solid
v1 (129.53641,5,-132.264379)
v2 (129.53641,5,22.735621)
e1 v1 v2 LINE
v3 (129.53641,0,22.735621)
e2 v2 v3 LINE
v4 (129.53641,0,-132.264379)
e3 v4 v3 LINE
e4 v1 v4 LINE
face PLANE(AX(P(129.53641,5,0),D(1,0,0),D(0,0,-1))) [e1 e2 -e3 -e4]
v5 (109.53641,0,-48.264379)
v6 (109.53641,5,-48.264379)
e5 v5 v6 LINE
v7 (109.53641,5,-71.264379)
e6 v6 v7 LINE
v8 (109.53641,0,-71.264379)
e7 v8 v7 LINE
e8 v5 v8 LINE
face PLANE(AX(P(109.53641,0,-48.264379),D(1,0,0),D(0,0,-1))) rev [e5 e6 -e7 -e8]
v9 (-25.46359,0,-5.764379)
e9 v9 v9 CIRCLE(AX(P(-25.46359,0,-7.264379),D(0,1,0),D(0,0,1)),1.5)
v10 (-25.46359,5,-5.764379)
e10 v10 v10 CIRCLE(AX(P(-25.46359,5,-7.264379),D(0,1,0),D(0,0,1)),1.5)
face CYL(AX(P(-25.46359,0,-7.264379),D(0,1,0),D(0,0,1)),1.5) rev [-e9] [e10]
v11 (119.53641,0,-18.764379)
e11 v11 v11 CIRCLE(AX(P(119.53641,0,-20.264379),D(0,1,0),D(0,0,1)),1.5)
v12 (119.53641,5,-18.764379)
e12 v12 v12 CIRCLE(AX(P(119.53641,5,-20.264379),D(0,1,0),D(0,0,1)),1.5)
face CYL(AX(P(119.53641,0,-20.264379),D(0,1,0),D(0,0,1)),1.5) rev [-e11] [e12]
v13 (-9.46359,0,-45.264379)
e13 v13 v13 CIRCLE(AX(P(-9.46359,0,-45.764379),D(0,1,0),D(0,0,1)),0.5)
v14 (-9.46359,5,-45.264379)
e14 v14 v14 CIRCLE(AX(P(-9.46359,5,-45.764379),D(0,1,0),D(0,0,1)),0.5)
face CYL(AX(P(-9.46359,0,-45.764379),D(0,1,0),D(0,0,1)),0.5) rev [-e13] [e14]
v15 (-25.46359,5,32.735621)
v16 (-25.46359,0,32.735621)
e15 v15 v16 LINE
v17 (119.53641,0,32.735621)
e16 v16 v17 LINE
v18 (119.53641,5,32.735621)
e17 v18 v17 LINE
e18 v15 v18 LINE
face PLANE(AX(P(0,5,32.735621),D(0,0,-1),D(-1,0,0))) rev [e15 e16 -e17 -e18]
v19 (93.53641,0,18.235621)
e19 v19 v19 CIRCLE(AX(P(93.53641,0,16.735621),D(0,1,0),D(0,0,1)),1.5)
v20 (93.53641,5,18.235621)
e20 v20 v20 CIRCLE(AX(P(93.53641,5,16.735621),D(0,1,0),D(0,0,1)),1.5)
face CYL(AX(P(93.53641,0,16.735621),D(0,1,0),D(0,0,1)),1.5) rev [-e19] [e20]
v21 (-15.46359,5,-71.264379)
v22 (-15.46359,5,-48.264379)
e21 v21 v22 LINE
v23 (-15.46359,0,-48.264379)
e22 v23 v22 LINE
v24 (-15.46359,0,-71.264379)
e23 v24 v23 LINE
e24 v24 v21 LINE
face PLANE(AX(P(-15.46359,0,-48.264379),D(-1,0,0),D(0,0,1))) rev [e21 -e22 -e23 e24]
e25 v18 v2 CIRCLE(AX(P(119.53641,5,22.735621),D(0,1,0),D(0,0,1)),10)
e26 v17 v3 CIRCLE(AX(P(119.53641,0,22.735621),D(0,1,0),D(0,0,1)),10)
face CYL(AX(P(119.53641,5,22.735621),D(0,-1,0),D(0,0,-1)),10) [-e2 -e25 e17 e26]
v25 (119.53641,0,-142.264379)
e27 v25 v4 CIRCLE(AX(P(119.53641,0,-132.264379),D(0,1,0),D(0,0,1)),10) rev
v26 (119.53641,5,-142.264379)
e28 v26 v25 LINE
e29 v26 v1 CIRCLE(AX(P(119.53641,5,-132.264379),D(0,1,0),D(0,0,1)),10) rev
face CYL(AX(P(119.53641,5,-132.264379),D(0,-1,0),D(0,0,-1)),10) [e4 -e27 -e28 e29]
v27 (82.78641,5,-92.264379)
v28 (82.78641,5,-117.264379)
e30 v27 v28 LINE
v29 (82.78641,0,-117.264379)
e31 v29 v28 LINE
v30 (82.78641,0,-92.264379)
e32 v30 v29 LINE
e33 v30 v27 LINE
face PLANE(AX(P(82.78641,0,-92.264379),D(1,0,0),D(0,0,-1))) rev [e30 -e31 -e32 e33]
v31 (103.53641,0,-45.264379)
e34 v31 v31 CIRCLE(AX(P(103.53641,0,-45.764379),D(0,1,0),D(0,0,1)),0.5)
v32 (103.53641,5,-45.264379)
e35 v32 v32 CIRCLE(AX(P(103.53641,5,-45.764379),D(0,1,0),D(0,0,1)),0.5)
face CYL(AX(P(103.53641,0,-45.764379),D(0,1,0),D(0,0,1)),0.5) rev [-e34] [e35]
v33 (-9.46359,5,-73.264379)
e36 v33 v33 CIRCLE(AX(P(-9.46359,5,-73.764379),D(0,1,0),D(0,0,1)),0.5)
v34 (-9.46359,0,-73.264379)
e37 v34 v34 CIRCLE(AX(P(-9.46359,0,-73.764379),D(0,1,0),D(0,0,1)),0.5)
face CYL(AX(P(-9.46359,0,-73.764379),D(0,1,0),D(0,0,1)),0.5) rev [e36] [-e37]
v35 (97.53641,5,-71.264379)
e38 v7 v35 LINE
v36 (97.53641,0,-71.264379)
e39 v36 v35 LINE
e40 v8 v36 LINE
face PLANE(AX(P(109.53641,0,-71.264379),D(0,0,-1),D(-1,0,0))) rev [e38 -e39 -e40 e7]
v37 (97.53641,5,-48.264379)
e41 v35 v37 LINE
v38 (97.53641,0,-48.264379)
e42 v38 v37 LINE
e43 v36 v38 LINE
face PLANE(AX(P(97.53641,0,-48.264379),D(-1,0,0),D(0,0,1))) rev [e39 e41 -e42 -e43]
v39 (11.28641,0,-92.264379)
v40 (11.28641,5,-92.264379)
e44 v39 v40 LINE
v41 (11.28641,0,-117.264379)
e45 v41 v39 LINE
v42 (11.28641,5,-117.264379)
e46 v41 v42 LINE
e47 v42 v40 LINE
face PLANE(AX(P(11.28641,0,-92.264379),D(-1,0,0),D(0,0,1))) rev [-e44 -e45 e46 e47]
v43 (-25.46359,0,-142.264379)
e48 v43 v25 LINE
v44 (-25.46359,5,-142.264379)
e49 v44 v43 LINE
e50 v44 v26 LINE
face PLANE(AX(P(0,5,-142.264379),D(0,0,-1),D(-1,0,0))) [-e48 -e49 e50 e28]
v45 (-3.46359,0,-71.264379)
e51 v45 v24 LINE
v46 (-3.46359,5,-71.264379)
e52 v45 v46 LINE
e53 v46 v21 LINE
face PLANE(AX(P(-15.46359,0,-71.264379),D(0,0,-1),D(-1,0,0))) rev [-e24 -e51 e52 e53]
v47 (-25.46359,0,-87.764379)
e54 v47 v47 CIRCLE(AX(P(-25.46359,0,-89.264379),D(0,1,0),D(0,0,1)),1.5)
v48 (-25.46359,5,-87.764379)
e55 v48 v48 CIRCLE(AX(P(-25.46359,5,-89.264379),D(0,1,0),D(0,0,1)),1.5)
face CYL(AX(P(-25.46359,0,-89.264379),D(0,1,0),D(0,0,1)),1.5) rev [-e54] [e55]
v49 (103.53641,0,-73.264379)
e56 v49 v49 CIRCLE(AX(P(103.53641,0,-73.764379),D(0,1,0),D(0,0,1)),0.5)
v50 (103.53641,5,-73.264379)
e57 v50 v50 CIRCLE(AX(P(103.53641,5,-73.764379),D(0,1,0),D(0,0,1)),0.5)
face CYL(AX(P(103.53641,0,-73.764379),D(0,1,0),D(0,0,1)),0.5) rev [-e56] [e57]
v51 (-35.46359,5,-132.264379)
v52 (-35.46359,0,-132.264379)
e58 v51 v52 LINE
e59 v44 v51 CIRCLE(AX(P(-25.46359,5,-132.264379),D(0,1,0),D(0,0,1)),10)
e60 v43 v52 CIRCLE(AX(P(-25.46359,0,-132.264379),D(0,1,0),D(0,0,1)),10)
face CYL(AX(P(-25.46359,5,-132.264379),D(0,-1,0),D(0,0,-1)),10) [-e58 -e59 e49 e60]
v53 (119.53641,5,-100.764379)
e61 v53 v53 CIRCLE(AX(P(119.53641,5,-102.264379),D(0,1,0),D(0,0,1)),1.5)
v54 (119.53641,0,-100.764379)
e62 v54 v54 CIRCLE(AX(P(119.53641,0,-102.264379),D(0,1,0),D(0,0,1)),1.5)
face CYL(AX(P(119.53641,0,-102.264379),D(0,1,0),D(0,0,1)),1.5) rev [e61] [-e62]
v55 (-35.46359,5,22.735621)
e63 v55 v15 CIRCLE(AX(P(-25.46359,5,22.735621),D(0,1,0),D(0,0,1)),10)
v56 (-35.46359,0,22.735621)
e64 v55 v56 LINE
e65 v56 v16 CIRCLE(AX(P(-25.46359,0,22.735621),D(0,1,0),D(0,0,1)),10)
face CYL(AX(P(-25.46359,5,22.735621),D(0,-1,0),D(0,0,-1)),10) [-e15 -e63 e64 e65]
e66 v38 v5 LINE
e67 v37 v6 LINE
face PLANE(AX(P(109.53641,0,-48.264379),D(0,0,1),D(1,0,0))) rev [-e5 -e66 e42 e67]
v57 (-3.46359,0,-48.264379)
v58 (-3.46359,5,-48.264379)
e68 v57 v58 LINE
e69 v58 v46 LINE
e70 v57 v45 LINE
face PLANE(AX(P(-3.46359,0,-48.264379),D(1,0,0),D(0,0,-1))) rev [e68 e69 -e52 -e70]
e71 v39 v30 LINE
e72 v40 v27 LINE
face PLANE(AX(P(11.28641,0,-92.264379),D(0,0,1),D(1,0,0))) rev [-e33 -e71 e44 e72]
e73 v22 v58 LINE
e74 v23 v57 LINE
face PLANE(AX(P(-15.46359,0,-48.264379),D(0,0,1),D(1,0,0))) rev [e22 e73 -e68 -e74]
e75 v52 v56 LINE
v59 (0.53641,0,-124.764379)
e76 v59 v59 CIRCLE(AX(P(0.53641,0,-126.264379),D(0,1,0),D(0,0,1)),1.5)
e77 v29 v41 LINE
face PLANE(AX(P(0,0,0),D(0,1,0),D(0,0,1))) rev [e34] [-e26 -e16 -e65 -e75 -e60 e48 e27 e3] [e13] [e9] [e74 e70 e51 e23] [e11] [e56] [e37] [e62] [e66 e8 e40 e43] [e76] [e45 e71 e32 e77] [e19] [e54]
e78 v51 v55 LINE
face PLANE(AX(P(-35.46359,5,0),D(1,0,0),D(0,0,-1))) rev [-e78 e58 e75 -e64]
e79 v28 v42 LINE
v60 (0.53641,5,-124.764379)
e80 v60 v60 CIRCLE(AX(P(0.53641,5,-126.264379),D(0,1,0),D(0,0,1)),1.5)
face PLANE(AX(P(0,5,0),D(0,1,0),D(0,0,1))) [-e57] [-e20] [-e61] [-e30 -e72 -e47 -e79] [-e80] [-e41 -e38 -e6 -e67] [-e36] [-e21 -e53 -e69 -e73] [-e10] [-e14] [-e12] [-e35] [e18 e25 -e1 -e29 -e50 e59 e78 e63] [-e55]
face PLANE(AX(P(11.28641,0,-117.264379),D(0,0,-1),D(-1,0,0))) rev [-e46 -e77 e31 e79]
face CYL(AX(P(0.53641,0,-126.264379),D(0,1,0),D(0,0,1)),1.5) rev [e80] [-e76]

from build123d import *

# Parameters (mm, degrees)
RESSALTO_EXTRUS_O1_DEPTH = 5
ESBO_O2_R                = 1.5
CORTE_EXTRUS_O1_DEPTH    = 5
ESBO_O4_R                = 0.5
ESBO_O4_W                = 12
ESBO_O4_H                = 23
CORTE_EXTRUS_O3_DEPTH    = 193.467750623
ESBO_O5_R                = 1.5
ESBO_O5_W                = 71.5
ESBO_O5_H                = 25
CORTE_EXTRUS_O4_DEPTH    = 193.467750623


with BuildPart() as part:
    # Esboço1 → Ressalto-extrusão1 (new body)
    with BuildSketch(Plane(origin=(0, 0, 0), x_dir=(1, 0, 0), z_dir=(0, 1, 0))):
        with BuildLine():
            Line((-25.463589741, 142.264378701), (119.536410259, 142.264378701))
            ThreePointArc((119.536410259, 142.264378701), (126.607478071, 139.335446513), (129.536410259, 132.264378701))
            Line((129.536410259, 132.264378701), (129.536410259, -22.735621299))
            ThreePointArc((129.536410259, -22.735621299), (126.607478071, -29.806689111), (119.536410259, -32.735621299))
            Line((119.536410259, -32.735621299), (-25.463589741, -32.735621299))
            ThreePointArc((-25.463589741, -32.735621299), (-32.534657553, -29.806689111), (-35.463589741, -22.735621299))
            Line((-35.463589741, -22.735621299), (-35.463589741, 132.264378701))
            ThreePointArc((-35.463589741, 132.264378701), (-32.534657553, 139.335446513), (-25.463589741, 142.264378701))
        make_face()
    extrude(amount=RESSALTO_EXTRUS_O1_DEPTH)

    # Esboço2 → Corte-extrusão1 (cut)
    with BuildSketch(Plane(origin=(0, 5, 0), x_dir=(1, 0, 0), z_dir=(0, 1, 0))):
        with Locations(Location((-25.463589741, 7.264378701, 0), (0, 0, 270))):
            Circle(ESBO_O2_R)
        with Locations(Location((0.536410259, 126.264378701, 0), (0, 0, 270))):
            Circle(ESBO_O2_R)
        with Locations(Location((119.536410259, 102.264378701, 0), (0, 0, 270))):
            Circle(ESBO_O2_R)
        with Locations(Location((93.536410259, -16.735621299, 0), (0, 0, 270))):
            Circle(ESBO_O2_R)
    extrude(amount=-CORTE_EXTRUS_O1_DEPTH, mode=Mode.SUBTRACT)

    # Esboço4 → Corte-extrusão3 (cut, through all)
    with BuildSketch(Plane(origin=(0, 5, 0), x_dir=(1, 0, 0), z_dir=(0, 1, 0))):
        with Locations(Location((-9.463589741, 45.764378701, 0), (0, 0, 270))):
            Circle(ESBO_O4_R)
        with Locations(Location((-9.463589741, 73.764378701, 0), (0, 0, 270))):
            Circle(ESBO_O4_R)
        with Locations(Location((103.536410259, 45.764378701, 0), (0, 0, 270))):
            Circle(ESBO_O4_R)
        with Locations(Location((103.536410259, 73.764378701, 0), (0, 0, 270))):
            Circle(ESBO_O4_R)
        with Locations((-9.463589741, 59.764378701)):
            Rectangle(ESBO_O4_W, ESBO_O4_H)
        with Locations((103.536410259, 59.764378701)):
            Rectangle(ESBO_O4_W, ESBO_O4_H)
    extrude(amount=-CORTE_EXTRUS_O3_DEPTH, mode=Mode.SUBTRACT)

    # Esboço5 → Corte-extrusão4 (cut, through all)
    with BuildSketch(Plane(origin=(0, 5, 0), x_dir=(1, 0, 0), z_dir=(0, 1, 0))):
        with Locations(Location((-25.463589741, 89.264378701, 0), (0, 0, 270))):
            Circle(ESBO_O5_R)
        with Locations(Location((119.536410259, 20.264378701, 0), (0, 0, 270))):
            Circle(ESBO_O5_R)
        with Locations((47.036410259, 104.764378701)):
            Rectangle(ESBO_O5_W, ESBO_O5_H)
    extrude(amount=-CORTE_EXTRUS_O4_DEPTH, mode=Mode.SUBTRACT)


solid = part.part
